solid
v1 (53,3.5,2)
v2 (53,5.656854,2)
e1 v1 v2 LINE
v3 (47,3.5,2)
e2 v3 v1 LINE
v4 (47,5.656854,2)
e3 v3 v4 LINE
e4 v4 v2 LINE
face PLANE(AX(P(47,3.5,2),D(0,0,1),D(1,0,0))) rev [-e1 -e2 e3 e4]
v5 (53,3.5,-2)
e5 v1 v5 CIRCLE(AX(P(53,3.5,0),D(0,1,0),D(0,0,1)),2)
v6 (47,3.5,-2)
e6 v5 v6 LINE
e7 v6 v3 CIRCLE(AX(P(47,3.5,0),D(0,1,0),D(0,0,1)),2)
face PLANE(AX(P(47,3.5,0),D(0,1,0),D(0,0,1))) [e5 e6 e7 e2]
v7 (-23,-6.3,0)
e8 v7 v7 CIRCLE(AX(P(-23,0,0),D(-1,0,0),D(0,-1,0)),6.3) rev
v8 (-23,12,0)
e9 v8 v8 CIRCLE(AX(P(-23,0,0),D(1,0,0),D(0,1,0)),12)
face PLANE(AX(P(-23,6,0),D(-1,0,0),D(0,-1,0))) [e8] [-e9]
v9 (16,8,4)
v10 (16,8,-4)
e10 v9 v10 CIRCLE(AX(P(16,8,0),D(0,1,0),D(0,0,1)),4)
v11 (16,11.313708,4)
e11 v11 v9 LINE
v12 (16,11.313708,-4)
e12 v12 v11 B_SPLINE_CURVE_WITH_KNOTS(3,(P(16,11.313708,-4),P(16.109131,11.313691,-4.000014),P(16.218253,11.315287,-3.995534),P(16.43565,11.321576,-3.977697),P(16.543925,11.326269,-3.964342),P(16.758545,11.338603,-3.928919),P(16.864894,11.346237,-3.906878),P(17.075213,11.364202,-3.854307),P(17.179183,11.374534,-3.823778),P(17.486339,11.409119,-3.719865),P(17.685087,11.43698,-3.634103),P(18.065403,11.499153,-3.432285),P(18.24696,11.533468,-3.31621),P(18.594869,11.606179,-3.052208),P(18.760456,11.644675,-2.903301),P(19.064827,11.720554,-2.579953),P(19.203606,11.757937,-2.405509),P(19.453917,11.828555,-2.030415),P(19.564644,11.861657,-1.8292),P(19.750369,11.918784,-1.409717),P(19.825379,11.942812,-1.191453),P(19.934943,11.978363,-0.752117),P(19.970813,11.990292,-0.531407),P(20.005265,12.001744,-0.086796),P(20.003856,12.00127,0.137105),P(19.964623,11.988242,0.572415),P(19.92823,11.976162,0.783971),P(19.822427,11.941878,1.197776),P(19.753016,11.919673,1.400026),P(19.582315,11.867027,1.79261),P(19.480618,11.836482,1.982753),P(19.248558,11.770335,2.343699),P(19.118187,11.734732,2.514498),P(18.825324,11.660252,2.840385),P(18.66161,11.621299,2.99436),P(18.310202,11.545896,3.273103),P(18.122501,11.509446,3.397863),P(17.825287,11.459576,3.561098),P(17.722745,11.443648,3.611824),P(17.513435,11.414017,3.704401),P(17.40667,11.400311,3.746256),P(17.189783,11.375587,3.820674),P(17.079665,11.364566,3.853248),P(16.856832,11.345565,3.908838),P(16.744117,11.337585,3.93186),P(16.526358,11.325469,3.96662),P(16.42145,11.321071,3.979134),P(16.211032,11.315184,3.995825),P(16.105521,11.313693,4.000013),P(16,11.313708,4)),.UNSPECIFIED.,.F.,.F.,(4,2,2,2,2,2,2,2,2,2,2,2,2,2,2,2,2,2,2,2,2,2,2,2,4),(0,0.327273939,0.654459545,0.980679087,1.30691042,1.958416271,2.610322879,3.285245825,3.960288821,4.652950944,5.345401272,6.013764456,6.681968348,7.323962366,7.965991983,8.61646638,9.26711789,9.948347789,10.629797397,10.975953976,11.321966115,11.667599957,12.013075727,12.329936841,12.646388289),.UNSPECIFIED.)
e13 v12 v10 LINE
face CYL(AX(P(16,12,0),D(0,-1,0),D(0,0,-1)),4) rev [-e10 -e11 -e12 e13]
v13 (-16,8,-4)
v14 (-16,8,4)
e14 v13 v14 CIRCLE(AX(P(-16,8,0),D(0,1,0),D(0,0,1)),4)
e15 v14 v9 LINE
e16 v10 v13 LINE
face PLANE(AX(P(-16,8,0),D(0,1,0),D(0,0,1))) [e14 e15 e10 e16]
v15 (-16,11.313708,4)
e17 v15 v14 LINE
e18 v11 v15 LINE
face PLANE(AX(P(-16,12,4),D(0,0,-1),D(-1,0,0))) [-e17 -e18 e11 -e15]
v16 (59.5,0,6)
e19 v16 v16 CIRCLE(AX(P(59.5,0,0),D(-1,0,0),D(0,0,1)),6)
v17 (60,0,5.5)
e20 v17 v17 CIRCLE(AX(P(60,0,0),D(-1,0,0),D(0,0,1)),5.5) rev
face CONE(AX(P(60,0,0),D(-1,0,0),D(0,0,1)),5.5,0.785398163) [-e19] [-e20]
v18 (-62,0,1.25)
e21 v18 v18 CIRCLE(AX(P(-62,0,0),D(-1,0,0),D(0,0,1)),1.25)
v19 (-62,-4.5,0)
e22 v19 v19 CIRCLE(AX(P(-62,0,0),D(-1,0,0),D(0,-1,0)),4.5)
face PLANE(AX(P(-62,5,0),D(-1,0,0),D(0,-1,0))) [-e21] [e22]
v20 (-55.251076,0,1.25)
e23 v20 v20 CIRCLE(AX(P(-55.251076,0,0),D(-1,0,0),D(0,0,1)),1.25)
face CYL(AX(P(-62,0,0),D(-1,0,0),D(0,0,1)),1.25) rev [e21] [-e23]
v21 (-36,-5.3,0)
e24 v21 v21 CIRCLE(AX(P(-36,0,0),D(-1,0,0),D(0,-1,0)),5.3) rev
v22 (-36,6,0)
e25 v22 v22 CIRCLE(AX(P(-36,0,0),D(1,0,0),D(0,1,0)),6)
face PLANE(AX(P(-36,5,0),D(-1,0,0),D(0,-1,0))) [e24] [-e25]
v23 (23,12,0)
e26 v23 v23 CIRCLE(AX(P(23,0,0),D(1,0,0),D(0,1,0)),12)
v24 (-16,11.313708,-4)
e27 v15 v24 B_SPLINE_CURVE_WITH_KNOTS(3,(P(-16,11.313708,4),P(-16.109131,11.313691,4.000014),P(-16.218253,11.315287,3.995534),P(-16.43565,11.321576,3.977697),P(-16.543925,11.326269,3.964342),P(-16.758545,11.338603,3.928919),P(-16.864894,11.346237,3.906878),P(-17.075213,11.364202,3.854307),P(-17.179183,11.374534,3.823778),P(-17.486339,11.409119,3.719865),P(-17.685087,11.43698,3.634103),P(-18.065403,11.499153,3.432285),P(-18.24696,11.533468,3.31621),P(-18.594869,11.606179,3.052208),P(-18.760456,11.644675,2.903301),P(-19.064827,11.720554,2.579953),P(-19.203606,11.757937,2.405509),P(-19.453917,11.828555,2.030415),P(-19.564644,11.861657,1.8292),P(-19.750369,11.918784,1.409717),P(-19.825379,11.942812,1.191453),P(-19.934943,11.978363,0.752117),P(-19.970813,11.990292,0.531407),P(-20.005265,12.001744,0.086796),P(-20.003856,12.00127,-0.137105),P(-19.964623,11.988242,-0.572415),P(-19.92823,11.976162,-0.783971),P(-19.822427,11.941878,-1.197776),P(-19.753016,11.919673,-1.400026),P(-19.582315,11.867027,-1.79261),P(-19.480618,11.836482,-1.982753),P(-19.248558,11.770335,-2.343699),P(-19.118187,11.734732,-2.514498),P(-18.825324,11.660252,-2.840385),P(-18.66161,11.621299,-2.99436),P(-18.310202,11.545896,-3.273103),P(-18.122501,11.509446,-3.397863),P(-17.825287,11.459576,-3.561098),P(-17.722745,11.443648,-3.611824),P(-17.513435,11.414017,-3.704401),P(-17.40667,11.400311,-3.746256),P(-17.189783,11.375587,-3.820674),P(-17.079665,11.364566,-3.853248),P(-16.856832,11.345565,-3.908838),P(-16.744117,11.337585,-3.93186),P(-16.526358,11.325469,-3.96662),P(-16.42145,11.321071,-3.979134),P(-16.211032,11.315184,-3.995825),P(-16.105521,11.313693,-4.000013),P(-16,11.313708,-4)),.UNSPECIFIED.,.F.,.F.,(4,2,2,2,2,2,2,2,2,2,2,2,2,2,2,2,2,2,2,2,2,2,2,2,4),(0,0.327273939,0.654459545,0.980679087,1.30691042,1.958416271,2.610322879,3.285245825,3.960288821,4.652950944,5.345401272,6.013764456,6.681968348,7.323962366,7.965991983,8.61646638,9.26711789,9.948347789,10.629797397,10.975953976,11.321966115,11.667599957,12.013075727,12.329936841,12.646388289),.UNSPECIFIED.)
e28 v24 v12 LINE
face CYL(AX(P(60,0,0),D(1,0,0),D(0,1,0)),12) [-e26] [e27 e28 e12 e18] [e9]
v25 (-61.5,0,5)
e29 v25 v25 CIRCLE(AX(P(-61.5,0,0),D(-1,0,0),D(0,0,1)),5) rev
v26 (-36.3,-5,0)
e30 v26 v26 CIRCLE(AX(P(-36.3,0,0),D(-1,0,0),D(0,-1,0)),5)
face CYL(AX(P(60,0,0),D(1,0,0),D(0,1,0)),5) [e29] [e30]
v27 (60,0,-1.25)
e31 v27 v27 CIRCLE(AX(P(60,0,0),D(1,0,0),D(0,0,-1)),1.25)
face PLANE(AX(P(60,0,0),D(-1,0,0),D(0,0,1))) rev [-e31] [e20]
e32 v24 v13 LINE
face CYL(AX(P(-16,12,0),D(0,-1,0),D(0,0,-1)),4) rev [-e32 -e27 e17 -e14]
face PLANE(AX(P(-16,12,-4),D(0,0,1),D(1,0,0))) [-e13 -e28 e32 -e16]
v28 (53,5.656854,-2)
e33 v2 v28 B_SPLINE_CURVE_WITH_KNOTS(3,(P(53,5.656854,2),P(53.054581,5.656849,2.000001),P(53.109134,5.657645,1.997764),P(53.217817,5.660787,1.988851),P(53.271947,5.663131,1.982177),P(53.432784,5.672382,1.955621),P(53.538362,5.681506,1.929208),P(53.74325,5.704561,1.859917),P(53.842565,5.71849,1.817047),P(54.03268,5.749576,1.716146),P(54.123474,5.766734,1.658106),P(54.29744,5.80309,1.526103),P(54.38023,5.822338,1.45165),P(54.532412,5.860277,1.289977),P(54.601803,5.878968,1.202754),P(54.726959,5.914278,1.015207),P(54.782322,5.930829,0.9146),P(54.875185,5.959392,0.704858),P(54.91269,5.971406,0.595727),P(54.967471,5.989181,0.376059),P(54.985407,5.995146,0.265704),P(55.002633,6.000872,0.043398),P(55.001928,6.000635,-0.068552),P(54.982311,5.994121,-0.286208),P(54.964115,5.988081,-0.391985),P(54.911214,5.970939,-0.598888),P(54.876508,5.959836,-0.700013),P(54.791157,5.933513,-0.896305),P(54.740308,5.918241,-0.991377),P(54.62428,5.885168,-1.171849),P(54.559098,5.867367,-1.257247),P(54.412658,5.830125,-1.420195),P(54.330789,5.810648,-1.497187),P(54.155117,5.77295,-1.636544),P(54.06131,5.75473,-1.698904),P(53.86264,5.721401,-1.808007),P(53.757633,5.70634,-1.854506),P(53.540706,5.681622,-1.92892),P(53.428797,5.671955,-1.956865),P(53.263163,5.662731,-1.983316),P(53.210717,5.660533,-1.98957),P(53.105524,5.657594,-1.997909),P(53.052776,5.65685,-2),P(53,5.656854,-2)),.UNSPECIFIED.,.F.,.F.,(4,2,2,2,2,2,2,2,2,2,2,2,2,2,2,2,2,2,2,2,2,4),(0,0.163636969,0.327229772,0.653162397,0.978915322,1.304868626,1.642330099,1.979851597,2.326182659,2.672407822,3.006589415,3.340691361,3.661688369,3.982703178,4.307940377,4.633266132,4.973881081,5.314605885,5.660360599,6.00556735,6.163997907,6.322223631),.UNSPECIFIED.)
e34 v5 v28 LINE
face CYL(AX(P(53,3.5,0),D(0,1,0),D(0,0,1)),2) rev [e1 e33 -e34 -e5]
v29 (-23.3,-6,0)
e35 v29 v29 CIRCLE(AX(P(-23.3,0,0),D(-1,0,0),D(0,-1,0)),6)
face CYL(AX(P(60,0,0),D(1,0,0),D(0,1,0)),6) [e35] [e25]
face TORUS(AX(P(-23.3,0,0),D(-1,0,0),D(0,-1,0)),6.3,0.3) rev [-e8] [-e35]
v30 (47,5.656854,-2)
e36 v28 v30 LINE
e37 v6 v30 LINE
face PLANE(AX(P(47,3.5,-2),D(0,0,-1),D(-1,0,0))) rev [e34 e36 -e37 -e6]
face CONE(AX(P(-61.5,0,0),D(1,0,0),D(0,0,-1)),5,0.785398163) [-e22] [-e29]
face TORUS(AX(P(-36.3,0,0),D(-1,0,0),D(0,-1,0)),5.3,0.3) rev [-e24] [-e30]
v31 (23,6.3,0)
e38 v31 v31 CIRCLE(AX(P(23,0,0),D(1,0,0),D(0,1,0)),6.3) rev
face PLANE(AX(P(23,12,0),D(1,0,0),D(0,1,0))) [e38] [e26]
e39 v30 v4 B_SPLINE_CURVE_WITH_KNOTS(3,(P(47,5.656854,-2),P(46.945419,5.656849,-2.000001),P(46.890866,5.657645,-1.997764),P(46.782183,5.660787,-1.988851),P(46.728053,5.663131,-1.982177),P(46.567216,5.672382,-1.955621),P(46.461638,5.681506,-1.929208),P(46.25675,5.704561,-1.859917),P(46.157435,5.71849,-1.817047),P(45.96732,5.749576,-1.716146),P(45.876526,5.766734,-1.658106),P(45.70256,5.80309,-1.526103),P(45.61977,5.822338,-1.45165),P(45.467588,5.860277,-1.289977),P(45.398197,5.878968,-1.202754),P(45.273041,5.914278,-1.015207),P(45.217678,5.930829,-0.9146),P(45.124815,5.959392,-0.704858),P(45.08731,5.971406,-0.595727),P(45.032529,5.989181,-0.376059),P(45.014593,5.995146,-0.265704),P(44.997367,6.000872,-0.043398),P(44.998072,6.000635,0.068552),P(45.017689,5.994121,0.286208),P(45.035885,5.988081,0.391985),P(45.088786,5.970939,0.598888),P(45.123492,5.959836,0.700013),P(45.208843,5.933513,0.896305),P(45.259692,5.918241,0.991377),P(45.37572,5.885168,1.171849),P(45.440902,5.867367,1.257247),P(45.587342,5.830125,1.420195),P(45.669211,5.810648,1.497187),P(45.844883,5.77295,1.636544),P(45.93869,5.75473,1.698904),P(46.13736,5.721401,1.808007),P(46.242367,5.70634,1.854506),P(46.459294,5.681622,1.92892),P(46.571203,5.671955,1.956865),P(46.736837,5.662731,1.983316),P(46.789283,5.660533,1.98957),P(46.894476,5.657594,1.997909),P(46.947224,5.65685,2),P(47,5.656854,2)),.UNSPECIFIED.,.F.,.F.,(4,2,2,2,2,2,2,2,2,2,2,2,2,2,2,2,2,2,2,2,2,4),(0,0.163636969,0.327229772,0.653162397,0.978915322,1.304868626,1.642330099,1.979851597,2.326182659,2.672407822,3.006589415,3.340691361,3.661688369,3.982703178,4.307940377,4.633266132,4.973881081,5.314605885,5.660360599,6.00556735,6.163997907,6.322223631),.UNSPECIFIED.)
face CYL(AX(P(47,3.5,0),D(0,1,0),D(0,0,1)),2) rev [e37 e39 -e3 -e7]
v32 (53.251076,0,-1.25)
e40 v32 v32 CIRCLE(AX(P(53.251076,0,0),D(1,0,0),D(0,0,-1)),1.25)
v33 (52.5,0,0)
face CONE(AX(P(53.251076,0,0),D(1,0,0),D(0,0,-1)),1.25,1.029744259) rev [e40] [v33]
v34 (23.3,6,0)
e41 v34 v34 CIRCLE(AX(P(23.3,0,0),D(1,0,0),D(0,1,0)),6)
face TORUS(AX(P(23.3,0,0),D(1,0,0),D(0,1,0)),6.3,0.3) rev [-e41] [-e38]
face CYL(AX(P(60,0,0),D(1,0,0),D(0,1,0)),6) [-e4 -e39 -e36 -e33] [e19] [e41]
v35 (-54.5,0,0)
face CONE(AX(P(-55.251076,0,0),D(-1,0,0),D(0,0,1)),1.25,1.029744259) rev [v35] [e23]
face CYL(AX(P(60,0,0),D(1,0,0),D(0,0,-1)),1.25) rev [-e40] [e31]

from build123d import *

# Parameters (mm, degrees)
CUT_EXTRUDE1_START              = 8
CUT_EXTRUDE1_DEPTH              = 4
SKETCH3_W                       = 8
SKETCH3_H                       = 5
CUT_EXTRUDE2_DEPTH              = 10
SKETCH4_R                       = 1.25
CUT_EXTRUDE3_DEPTH              = 4
SKETCH5_R                       = 6
CUT_EXTRUDE4_DEPTH              = 10
CUT_EXTRUDE5_START              = 6
CUT_EXTRUDE5_DEPTH              = 2.5
M3_TAPPED_HOLE1_D               = 2.5
M3_TAPPED_HOLE1_DEPTH           = 6.748924226
M3_TAPPED_HOLE1_TIP             = 0.751075774
M3_TAPPED_HOLE1_ON_FACE_2_D     = 2.5
M3_TAPPED_HOLE1_ON_FACE_2_DEPTH = 6.748924226
M3_TAPPED_HOLE1_ON_FACE_2_TIP   = 0.751075774
CHAMFER1_SIZE                   = 0.5
FILLET1_R                       = 0.3


with BuildPart() as part:
    # Sketch1 → Revolve1 (revolve)
    with BuildSketch(Plane.XY):
        Polygon((26, 6), (60, 6), (70, 6), (70, 0), (60, 0), (-60, 0), (-62, 0), (-62, 5), (-36, 5), (-36, 6), (-23, 6), (-23, 12), (23, 12), (23, 6), align=None)
    revolve(axis=Axis((60, 0, 0), (-1, 0, 0)))

    # Sketch2 → Cut-Extrude1 (cut)
    with BuildSketch(Plane(origin=(0, 0, 0), x_dir=(1, 0, 0), z_dir=(0, 1, 0)).offset(CUT_EXTRUDE1_START)):
        with BuildLine():
            Line((-16, 4), (16, 4))
            ThreePointArc((16, 4), (20, 0), (16, -4))
            Line((16, -4), (-16, -4))
            ThreePointArc((-16, -4), (-20, 0), (-16, 4))
        make_face()
    extrude(amount=CUT_EXTRUDE1_DEPTH, mode=Mode.SUBTRACT)

    # Sketch3 → Cut-Extrude2 (cut)
    with BuildSketch(Plane(origin=(70, 0, 0), x_dir=(0, 0, -1), z_dir=(1, 0, 0))):
        with Locations((0, 7)):
            Rectangle(SKETCH3_W, SKETCH3_H)
    extrude(amount=-CUT_EXTRUDE2_DEPTH, mode=Mode.SUBTRACT)

    # Sketch4 → Cut-Extrude3 (cut)
    with BuildSketch(Plane(origin=(0, 4.5, 0), x_dir=(1, 0, 0), z_dir=(0, 1, 0))):
        with Locations((65, 0)):
            Circle(SKETCH4_R)
    extrude(amount=-CUT_EXTRUDE3_DEPTH, mode=Mode.SUBTRACT)

    # Sketch5 → Cut-Extrude4 (cut)
    with BuildSketch(Plane(origin=(60, 0, 0), x_dir=(0, 0, -1), z_dir=(1, 0, 0))):
        Circle(SKETCH5_R)
    extrude(amount=CUT_EXTRUDE4_DEPTH, mode=Mode.SUBTRACT)

    # Sketch7 → Cut-Extrude5 (cut)
    with BuildSketch(Plane(origin=(0, 0, 0), x_dir=(1, 0, 0), z_dir=(0, 1, 0)).offset(CUT_EXTRUDE5_START)):
        with BuildLine():
            Line((47, 2), (53, 2))
            ThreePointArc((53, 2), (55, 0), (53, -2))
            Line((53, -2), (47, -2))
            ThreePointArc((47, -2), (45, 0), (47, 2))
        make_face()
    extrude(amount=-CUT_EXTRUDE5_DEPTH, mode=Mode.SUBTRACT)

    # M3 Tapped Hole1
    with Locations(Plane(origin=(-62, 0, 0), x_dir=(0, -1, 0), z_dir=(-1, 0, 0))):
        with Locations((0, 0)):
            Hole(M3_TAPPED_HOLE1_D / 2, depth=M3_TAPPED_HOLE1_DEPTH)
            with Locations((0, 0, -(M3_TAPPED_HOLE1_DEPTH + M3_TAPPED_HOLE1_TIP / 2))):  # 118° drill point
                Cone(0, M3_TAPPED_HOLE1_D / 2, M3_TAPPED_HOLE1_TIP, mode=Mode.SUBTRACT)

    # M3 Tapped Hole1 on face 2
    with Locations(Plane(origin=(60, 0, 0), x_dir=(0, 0, 1), z_dir=(1, 0, 0))):
        with Locations((0, 0)):
            Hole(M3_TAPPED_HOLE1_ON_FACE_2_D / 2, depth=M3_TAPPED_HOLE1_ON_FACE_2_DEPTH)
            with Locations((0, 0, -(M3_TAPPED_HOLE1_ON_FACE_2_DEPTH + M3_TAPPED_HOLE1_ON_FACE_2_TIP / 2))):  # 118° drill point
                Cone(0, M3_TAPPED_HOLE1_ON_FACE_2_D / 2, M3_TAPPED_HOLE1_ON_FACE_2_TIP, mode=Mode.SUBTRACT)

    # Chamfer1
    chamfer1_edges = [part.edges().sort_by_distance(p)[0] for p in [
        (-62, -5, 0),
        (60, -6, 0),
    ]]
    chamfer(chamfer1_edges, length=CHAMFER1_SIZE)

    # Fillet1
    fillet1_edges = [part.edges().sort_by_distance(p)[0] for p in [
        (-36, -5, 0),
        (-23, -6, 0),
        (23, -6, 0),
    ]]
    fillet(fillet1_edges, radius=FILLET1_R)


solid = part.part
